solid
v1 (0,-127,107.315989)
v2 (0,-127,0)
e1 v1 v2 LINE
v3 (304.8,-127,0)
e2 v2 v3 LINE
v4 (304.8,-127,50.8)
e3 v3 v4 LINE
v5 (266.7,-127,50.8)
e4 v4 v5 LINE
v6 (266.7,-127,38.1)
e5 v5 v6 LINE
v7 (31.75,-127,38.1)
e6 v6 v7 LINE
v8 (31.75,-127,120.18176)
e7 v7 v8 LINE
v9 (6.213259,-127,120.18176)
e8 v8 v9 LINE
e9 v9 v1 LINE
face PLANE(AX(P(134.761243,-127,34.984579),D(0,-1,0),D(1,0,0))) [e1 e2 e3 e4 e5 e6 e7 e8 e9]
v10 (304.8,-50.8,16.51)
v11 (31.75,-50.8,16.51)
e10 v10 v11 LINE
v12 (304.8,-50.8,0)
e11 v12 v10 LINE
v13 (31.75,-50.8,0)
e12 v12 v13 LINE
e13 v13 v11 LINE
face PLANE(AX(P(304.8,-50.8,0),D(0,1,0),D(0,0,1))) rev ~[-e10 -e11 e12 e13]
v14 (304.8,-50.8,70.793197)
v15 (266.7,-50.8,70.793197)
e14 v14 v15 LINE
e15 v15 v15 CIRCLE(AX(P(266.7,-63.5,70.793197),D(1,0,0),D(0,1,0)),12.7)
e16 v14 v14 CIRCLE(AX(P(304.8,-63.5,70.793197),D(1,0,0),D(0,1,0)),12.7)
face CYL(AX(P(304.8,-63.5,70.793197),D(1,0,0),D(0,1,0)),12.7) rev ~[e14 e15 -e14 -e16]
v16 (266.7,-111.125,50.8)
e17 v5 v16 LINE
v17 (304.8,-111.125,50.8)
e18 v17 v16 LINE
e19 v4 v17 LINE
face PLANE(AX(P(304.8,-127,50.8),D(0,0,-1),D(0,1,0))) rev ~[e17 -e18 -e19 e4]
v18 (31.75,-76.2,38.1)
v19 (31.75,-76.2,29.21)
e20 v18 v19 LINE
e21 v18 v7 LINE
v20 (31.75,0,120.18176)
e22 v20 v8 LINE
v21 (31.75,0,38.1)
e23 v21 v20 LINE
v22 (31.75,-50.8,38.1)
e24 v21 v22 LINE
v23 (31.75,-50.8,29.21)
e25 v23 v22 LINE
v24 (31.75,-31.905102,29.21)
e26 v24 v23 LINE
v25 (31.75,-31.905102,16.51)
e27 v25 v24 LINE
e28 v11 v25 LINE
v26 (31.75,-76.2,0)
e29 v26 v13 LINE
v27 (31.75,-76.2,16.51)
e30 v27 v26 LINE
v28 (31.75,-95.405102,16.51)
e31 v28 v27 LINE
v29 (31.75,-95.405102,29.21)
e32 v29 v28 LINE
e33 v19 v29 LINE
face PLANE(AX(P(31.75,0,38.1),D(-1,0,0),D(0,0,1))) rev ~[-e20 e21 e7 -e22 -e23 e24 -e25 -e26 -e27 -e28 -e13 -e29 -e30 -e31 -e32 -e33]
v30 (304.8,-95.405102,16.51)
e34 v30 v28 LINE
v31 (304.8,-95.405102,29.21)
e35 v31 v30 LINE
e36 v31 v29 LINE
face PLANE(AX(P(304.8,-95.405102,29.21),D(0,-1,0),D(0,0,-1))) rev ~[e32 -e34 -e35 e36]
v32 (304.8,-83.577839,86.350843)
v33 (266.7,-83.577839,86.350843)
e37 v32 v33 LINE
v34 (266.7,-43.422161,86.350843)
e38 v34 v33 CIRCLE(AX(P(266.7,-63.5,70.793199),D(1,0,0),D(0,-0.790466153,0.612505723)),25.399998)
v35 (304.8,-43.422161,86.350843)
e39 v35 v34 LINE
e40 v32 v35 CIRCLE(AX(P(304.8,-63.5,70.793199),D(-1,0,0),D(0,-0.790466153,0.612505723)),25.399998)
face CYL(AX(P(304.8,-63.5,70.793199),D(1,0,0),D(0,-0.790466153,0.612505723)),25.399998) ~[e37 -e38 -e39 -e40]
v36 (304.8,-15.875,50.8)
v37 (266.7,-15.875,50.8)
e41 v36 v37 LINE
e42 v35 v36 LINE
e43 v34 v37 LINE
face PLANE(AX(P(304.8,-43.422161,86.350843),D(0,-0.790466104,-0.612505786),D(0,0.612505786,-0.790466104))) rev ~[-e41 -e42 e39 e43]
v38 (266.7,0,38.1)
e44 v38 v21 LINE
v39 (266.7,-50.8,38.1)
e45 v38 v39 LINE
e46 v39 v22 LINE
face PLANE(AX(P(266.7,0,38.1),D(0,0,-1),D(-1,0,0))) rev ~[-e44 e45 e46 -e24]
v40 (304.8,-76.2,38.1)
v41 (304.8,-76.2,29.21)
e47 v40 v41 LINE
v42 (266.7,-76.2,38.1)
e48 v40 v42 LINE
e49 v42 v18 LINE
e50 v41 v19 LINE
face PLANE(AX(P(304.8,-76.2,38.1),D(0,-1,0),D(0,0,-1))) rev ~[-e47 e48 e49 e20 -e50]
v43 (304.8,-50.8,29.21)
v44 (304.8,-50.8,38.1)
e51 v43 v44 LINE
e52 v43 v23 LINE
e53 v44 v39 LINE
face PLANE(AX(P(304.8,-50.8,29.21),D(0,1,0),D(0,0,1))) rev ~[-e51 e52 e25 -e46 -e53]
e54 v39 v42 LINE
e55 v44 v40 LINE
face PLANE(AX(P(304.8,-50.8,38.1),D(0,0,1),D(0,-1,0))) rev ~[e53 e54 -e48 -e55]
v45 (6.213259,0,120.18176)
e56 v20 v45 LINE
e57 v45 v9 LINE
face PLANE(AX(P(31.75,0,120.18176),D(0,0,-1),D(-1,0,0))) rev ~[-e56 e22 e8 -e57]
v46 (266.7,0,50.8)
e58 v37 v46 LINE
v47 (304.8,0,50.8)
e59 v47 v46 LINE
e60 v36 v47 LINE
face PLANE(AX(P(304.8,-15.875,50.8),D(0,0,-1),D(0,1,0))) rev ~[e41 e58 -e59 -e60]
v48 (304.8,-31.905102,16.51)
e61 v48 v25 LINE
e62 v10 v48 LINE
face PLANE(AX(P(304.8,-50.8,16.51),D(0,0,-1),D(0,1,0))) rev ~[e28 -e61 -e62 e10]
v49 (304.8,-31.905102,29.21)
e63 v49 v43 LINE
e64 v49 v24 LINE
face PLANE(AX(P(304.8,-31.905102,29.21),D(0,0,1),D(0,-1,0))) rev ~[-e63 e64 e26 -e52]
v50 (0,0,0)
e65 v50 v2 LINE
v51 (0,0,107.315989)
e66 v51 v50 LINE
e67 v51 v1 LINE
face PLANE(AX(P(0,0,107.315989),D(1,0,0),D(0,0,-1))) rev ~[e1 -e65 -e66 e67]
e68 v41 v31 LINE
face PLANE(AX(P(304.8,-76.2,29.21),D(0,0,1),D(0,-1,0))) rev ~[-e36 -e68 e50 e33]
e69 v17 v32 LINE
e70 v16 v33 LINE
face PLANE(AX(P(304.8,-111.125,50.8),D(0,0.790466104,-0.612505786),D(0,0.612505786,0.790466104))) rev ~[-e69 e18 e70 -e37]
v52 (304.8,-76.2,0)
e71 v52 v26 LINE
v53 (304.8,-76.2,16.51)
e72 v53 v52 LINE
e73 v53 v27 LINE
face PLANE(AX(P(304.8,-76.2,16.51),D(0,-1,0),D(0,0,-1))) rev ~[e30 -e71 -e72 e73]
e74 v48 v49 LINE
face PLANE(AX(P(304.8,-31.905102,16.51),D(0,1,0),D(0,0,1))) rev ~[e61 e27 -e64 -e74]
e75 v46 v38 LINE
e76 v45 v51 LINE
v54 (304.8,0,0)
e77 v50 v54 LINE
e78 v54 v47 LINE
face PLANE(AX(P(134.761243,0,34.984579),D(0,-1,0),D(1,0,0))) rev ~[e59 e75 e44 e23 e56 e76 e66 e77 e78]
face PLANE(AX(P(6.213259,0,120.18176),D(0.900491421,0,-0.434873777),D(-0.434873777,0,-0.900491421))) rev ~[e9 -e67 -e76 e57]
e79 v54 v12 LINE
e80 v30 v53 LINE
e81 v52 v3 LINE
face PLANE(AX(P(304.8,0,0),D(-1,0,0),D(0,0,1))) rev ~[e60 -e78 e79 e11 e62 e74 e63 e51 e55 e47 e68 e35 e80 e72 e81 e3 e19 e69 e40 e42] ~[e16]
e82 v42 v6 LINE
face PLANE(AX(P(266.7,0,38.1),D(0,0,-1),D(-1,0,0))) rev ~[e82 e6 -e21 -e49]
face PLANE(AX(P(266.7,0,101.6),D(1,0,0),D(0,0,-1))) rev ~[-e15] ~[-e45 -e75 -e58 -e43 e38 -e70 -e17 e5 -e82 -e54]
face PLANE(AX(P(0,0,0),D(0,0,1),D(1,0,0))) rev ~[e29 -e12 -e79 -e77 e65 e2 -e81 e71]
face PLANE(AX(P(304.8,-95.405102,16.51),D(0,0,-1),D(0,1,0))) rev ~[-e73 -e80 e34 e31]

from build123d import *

# Parameters (mm, degrees)
F0_W     = 38.1
F0_H     = 41.149566
F1_DEPTH = 127
F3_DEPTH = 273.05
F2_R     = 12.7
F4_DEPTH = 254


with BuildPart() as f1:
    # F0 (on Front) → F1 (new body)
    with BuildSketch(Plane.XZ):
        Polygon((6.213259, 120.18176), (0, 107.315989), (0, 0), (304.8, 0), (304.8, 60.450434), (266.7, 60.450434), (266.7, 38.1), (31.75, 38.1), (31.75, 120.18176), align=None)
        with Locations((285.75, 81.025217)):
            Rectangle(F0_W, F0_H)
    extrude(amount=F1_DEPTH)

    # F2 (on face) → F3 (cut)
    with BuildSketch(Plane.YZ.offset(304.8)):
        Polygon((-76.2, 16.51), (-76.2, 0), (-50.8, 0), (-50.8, 16.51), (-31.905102, 16.51), (-31.905102, 29.21), (-50.8, 29.21), (-50.8, 38.1), (-76.2, 38.1), (-76.2, 29.21), (-95.405102, 29.21), (-95.405102, 16.51), align=None)
    extrude(amount=-F3_DEPTH, mode=Mode.SUBTRACT)

    # F2 (on face) → F4 (cut)
    with BuildSketch(Plane.YZ.offset(304.8)):
        with Locations((-63.5, 70.793197)):
            Circle(F2_R)
        with BuildLine():
            Line((-127, 101.6), (-127, 50.8))
            Line((-127, 50.8), (-111.125, 50.8))
            Line((-111.125, 50.8), (-83.577839, 86.350843))
            ThreePointArc((-83.577839, 86.350843), (-63.5, 96.193197), (-43.422161, 86.350843))
            Line((-43.422161, 86.350843), (-15.875, 50.8))
            Line((-15.875, 50.8), (0, 50.8))
            Line((0, 50.8), (0, 101.6))
            Line((0, 101.6), (-127, 101.6))
        make_face()
    extrude(amount=-F4_DEPTH, mode=Mode.SUBTRACT)


solid = f1.part
